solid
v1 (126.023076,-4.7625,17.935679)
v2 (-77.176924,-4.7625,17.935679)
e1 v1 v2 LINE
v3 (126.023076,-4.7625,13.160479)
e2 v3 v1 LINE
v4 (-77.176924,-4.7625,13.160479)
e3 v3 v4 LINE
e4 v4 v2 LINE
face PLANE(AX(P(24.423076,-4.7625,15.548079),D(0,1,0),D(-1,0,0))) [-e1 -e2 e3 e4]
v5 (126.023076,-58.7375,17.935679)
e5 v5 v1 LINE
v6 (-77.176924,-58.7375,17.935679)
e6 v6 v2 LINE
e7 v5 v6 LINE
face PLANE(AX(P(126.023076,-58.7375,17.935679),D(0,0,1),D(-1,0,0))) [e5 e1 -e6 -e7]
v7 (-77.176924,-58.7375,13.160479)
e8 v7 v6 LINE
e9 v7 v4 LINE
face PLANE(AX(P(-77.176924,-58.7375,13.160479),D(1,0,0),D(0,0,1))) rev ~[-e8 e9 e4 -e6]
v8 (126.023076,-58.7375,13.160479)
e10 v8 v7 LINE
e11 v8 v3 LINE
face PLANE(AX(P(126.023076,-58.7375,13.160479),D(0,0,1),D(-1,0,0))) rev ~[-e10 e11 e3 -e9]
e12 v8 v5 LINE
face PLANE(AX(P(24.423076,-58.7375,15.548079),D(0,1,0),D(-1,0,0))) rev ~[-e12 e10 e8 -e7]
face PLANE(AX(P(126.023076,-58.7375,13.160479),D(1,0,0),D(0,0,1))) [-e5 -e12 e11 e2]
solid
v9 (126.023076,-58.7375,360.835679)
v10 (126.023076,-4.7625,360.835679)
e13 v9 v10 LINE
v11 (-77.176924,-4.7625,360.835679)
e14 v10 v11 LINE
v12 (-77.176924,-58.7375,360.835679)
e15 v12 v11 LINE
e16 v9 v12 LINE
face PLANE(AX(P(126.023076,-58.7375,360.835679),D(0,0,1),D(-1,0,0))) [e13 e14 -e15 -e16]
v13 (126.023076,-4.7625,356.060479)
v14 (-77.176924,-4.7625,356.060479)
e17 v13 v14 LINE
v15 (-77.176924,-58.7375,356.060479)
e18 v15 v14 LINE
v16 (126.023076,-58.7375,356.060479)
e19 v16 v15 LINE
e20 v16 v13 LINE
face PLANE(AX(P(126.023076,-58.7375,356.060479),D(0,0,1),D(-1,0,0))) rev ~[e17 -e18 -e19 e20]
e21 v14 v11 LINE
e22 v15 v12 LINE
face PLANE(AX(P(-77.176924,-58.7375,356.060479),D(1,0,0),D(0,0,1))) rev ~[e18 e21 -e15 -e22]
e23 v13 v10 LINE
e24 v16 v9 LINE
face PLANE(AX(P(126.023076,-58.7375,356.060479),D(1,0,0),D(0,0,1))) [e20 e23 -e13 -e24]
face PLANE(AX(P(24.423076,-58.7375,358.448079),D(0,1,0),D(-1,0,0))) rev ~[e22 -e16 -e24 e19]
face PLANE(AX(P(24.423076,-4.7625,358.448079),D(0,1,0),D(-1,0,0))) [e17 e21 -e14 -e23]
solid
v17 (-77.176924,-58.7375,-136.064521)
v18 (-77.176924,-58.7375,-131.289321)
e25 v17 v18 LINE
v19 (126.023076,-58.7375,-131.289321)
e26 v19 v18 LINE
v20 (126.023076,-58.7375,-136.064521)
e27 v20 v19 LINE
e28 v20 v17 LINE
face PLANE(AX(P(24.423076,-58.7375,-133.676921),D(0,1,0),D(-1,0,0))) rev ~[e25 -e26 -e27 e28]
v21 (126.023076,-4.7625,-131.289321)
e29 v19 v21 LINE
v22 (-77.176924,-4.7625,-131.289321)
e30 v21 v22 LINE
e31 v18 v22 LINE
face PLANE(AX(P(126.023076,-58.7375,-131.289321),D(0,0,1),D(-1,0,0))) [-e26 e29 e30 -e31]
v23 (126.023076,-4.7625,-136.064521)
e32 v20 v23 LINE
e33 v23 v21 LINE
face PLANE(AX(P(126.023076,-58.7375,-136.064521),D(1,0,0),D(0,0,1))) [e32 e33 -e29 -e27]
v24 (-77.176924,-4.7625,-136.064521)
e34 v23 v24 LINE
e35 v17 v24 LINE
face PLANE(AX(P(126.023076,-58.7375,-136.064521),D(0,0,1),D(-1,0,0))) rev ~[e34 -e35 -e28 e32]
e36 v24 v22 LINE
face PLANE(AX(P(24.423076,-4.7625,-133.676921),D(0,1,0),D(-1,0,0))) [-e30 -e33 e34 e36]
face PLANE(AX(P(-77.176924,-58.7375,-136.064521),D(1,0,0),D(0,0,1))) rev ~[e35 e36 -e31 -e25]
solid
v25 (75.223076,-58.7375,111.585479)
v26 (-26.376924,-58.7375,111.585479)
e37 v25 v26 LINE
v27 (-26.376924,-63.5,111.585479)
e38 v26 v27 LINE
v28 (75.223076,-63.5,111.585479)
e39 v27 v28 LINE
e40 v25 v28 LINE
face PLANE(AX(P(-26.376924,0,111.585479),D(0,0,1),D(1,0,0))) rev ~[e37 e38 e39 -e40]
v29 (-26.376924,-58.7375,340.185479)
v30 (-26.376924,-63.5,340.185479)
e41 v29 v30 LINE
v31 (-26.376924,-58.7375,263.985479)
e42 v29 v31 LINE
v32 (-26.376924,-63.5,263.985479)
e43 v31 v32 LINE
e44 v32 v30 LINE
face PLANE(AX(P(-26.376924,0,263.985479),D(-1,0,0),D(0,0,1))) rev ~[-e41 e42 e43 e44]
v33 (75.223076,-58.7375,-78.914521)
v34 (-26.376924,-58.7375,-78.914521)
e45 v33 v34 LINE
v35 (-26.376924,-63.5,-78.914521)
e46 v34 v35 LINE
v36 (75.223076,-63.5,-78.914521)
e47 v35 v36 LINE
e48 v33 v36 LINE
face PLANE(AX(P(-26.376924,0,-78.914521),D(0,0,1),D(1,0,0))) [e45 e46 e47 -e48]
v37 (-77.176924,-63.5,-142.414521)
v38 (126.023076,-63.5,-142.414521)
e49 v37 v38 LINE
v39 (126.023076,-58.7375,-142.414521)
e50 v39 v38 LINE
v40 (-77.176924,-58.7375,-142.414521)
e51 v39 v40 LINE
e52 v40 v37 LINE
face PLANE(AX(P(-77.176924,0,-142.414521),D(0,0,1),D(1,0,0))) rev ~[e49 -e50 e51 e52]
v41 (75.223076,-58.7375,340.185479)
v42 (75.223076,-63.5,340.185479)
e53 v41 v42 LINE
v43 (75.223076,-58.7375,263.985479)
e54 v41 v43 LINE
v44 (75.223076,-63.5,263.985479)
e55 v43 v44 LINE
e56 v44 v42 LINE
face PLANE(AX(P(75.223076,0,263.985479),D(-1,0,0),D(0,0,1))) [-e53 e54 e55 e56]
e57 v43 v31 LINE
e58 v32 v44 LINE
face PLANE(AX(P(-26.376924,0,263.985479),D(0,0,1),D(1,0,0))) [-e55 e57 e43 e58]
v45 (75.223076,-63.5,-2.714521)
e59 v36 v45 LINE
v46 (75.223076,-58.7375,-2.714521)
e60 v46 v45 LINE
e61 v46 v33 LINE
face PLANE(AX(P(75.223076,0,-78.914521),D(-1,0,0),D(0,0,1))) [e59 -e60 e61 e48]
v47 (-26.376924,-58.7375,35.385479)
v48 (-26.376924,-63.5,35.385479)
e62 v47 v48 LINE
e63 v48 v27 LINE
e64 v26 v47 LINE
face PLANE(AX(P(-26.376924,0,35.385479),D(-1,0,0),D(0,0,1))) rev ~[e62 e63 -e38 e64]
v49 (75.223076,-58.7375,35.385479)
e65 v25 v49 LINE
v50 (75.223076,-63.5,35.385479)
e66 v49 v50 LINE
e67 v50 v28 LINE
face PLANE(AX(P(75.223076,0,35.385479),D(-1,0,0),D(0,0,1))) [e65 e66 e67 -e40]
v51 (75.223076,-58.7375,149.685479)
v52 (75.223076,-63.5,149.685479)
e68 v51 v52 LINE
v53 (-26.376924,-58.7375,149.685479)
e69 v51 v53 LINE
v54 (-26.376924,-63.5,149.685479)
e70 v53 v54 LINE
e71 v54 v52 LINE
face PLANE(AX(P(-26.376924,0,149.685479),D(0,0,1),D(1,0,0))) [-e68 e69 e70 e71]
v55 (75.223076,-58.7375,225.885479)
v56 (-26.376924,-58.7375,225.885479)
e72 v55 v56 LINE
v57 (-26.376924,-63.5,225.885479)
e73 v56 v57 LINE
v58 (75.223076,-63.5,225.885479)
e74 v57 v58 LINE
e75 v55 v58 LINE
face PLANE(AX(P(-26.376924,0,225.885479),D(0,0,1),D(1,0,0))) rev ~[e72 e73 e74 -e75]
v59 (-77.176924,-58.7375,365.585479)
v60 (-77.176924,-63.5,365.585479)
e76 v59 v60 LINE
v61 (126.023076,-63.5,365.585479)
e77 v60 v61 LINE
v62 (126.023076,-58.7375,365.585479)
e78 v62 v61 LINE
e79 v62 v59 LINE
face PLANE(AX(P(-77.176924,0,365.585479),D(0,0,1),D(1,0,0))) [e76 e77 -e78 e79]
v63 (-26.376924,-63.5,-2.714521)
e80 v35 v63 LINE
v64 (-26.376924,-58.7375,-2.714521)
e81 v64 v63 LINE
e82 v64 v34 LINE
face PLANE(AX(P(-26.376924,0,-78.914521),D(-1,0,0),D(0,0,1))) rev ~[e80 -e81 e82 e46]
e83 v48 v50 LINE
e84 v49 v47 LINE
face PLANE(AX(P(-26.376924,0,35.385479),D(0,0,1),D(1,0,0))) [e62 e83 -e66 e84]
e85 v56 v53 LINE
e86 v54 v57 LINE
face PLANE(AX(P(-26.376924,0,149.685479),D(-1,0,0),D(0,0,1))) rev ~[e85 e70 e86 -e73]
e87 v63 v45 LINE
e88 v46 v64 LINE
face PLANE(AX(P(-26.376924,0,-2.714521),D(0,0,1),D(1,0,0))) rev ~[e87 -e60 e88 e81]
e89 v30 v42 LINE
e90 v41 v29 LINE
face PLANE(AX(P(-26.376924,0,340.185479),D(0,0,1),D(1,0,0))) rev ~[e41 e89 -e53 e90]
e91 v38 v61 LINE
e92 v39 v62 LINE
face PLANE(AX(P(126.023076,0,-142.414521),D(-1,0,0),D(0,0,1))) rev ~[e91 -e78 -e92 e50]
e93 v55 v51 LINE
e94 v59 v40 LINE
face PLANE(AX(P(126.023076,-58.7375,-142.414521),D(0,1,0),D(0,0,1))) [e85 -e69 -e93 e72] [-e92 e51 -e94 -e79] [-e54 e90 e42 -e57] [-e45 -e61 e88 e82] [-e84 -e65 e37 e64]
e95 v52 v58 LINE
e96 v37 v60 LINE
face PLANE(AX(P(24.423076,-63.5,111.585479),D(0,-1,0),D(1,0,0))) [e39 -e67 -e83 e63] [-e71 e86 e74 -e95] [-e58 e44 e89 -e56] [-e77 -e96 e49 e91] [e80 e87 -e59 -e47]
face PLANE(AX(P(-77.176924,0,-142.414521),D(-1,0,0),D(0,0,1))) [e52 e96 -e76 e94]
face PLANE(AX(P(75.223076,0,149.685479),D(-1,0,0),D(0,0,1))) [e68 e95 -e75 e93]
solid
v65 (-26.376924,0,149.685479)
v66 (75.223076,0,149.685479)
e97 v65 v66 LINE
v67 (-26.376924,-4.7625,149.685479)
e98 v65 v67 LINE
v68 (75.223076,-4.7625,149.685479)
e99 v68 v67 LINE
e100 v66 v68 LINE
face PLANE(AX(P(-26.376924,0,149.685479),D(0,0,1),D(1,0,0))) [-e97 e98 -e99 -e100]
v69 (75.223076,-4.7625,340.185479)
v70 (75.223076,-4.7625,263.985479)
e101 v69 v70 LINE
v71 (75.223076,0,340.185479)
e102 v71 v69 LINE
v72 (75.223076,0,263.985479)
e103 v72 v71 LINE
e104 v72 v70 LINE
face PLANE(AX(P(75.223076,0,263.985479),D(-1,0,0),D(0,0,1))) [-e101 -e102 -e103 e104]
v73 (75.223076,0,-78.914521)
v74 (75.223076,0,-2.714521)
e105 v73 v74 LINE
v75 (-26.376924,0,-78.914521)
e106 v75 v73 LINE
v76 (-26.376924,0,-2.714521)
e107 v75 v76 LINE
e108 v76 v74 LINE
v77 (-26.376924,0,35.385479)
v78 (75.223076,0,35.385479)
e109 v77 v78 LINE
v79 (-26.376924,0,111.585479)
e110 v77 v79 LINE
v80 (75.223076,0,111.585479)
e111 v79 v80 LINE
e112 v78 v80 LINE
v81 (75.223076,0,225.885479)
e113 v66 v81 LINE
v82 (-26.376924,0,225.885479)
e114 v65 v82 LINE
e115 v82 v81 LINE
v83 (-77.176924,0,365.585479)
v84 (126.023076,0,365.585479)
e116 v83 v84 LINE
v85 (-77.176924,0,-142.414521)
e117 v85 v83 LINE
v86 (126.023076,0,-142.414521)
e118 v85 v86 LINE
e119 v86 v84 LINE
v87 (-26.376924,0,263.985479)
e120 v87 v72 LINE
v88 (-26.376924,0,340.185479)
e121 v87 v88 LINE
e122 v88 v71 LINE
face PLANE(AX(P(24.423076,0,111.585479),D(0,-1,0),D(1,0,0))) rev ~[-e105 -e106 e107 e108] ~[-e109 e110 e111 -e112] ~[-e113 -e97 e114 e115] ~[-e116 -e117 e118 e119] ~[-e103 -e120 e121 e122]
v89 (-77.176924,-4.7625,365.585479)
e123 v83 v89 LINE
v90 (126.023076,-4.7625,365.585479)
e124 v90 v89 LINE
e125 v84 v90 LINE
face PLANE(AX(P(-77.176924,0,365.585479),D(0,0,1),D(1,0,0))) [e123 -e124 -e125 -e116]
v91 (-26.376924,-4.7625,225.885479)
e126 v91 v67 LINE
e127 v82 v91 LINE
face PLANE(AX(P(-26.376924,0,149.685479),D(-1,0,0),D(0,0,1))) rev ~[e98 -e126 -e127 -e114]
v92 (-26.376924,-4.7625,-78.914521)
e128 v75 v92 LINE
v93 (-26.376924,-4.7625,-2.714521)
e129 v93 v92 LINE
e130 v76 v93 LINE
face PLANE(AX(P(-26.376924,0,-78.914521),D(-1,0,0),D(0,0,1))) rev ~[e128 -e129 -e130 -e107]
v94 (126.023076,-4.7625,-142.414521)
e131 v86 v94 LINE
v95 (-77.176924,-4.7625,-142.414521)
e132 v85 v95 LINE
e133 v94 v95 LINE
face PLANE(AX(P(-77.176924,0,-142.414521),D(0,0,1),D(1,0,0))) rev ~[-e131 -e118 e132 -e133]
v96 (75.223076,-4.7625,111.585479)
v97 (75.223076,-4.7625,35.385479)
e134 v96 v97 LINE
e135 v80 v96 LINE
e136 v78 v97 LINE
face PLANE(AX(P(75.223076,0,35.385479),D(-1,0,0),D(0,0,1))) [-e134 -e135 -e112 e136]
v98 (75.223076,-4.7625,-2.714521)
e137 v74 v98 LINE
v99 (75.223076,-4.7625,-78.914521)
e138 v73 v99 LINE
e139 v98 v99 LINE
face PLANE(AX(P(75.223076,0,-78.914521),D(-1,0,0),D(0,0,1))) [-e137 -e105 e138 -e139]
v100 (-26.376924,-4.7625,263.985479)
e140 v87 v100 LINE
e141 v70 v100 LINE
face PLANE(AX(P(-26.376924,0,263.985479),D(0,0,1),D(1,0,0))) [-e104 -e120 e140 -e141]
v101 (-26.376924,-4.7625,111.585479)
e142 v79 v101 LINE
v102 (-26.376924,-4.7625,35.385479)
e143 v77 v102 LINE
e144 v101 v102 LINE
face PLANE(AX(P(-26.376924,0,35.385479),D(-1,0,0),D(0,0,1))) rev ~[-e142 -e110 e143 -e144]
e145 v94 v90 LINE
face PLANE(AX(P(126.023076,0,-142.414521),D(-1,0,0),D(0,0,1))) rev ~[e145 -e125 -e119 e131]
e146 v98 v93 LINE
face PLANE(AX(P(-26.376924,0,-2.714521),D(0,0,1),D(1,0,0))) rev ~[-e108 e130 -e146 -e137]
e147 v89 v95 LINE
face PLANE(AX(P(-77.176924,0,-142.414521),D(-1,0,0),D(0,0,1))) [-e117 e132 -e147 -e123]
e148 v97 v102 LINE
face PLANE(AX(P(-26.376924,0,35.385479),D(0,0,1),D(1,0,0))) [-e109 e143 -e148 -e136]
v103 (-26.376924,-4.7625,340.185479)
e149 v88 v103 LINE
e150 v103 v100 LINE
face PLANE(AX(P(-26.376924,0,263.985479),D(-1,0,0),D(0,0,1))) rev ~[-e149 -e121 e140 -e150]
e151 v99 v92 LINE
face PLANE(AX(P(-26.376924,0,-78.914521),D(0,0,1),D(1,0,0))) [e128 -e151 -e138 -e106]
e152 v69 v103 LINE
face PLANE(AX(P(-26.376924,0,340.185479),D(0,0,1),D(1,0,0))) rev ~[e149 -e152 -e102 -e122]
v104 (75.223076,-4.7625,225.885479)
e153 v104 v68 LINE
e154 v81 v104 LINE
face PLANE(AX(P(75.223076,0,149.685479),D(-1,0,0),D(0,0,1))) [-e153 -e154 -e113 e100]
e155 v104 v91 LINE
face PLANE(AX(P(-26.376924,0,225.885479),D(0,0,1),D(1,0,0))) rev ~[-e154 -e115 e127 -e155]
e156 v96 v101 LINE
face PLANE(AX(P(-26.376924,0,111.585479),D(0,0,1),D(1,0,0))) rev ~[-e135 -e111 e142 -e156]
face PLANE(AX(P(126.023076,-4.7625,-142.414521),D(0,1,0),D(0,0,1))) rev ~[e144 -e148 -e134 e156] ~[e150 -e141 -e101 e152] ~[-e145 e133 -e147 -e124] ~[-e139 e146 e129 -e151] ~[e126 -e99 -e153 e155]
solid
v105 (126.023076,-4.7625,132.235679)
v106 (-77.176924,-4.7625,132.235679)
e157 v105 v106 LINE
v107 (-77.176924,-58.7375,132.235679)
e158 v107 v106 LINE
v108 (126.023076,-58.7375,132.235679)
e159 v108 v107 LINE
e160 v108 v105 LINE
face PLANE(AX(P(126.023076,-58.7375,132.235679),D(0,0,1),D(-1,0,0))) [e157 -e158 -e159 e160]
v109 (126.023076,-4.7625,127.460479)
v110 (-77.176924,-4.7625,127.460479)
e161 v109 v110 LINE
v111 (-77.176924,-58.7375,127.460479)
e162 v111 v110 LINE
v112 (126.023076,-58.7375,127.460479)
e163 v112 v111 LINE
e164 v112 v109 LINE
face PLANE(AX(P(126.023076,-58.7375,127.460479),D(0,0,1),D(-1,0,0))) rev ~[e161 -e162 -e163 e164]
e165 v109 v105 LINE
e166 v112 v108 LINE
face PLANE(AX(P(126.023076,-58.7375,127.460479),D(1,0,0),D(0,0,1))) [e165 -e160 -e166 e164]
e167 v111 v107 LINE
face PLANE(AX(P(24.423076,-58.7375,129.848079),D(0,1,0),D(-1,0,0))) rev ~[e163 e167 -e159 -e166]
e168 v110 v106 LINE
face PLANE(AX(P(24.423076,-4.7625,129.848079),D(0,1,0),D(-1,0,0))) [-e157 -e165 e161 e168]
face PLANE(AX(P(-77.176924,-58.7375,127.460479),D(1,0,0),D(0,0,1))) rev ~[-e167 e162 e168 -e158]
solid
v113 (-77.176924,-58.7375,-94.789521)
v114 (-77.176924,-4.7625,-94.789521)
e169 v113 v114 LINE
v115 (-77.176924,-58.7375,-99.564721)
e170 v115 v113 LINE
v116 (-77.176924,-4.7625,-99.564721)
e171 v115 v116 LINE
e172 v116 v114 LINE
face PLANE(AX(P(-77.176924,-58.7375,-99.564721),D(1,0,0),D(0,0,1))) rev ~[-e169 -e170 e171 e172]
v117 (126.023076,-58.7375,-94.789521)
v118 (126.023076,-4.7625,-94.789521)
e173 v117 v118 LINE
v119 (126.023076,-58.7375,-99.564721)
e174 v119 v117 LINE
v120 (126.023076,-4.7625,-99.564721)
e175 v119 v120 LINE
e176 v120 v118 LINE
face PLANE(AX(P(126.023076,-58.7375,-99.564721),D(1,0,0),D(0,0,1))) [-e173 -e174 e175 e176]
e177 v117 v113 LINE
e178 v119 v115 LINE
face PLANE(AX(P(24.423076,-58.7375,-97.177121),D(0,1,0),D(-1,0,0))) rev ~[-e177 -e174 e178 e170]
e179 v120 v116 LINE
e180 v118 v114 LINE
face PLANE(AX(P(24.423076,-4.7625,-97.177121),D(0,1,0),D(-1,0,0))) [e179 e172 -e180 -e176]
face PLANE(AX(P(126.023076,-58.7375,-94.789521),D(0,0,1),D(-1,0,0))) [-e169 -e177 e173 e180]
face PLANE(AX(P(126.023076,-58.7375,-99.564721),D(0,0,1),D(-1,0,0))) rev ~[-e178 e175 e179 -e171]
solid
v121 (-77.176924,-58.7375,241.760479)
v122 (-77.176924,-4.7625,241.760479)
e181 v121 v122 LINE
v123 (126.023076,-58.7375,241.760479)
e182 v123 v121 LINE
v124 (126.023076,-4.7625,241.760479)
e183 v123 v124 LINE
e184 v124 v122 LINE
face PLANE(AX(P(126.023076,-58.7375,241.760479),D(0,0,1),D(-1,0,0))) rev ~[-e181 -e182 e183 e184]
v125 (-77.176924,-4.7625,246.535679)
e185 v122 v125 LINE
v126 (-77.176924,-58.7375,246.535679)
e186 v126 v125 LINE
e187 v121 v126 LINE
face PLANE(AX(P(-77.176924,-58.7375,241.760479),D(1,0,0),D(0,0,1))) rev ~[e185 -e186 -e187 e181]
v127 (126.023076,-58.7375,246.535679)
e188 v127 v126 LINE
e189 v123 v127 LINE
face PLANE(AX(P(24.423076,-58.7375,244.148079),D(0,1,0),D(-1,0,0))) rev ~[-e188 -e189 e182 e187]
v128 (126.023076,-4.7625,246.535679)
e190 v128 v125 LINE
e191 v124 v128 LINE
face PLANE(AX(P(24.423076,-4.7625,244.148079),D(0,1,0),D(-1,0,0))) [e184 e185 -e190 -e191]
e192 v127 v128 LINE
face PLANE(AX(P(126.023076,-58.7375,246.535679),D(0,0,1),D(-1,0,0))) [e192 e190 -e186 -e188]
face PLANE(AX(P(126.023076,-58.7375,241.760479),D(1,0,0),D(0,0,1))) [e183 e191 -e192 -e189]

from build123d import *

# Parameters (mm, degrees)
F0_W     = 203.2
F0_H     = 508
F0_W_2   = 101.6
F0_H_2   = 76.2
F1_DEPTH = 63.5
F2_W     = 53.975
F2_H     = 508
F3_DEPTH = 203.201
F4_W     = 203.2
F4_H     = 4.7752
F5_DEPTH = 53.975


with BuildPart() as f1:
    # F0 (on Front) → F1 (new body)
    with BuildSketch(Plane.XZ):
        with Locations((24.423076, 111.585479)):
            Rectangle(F0_W, F0_H)
        with Locations((24.423076, -40.814521)):
            Rectangle(F0_W_2, F0_H_2, mode=Mode.SUBTRACT)
        with Locations((24.423076, 73.485479)):
            Rectangle(F0_W_2, F0_H_2, mode=Mode.SUBTRACT)
        with Locations((24.423076, 187.785479)):
            Rectangle(F0_W_2, F0_H_2, mode=Mode.SUBTRACT)
        with Locations((24.423076, 302.085479)):
            Rectangle(F0_W_2, F0_H_2, mode=Mode.SUBTRACT)
    extrude(amount=F1_DEPTH)

    # F2 (on face) → F3 (cut, through all)
    with BuildSketch(Plane.YZ.offset(126.023076)):
        with Locations((-31.75, 111.585479)):
            Rectangle(F2_W, F2_H)
    extrude(amount=-F3_DEPTH, mode=Mode.SUBTRACT)


with BuildPart() as f5:
    # F4 (on face) → F5 (new body, through all)
    with BuildSketch(Plane(origin=(0, -58.7375, 0), x_dir=(-1, 0, 0), z_dir=(0, 1, 0))):
        with Locations((-24.423076, 358.448079)):
            Rectangle(F4_W, F4_H)
        with Locations((-24.423076, 244.148079)):
            Rectangle(F4_W, F4_H)
        with Locations((-24.423076, 129.848079)):
            Rectangle(F4_W, F4_H)
        with Locations((-24.423076, 15.548079)):
            Rectangle(F4_W, F4_H)
        with Locations((-24.423076, -97.177121)):
            Rectangle(F4_W, F4_H)
        with Locations((-24.423076, -133.676921)):
            Rectangle(F4_W, F4_H)
    extrude(amount=F5_DEPTH)


solid = Compound([f1.part, f5.part])
